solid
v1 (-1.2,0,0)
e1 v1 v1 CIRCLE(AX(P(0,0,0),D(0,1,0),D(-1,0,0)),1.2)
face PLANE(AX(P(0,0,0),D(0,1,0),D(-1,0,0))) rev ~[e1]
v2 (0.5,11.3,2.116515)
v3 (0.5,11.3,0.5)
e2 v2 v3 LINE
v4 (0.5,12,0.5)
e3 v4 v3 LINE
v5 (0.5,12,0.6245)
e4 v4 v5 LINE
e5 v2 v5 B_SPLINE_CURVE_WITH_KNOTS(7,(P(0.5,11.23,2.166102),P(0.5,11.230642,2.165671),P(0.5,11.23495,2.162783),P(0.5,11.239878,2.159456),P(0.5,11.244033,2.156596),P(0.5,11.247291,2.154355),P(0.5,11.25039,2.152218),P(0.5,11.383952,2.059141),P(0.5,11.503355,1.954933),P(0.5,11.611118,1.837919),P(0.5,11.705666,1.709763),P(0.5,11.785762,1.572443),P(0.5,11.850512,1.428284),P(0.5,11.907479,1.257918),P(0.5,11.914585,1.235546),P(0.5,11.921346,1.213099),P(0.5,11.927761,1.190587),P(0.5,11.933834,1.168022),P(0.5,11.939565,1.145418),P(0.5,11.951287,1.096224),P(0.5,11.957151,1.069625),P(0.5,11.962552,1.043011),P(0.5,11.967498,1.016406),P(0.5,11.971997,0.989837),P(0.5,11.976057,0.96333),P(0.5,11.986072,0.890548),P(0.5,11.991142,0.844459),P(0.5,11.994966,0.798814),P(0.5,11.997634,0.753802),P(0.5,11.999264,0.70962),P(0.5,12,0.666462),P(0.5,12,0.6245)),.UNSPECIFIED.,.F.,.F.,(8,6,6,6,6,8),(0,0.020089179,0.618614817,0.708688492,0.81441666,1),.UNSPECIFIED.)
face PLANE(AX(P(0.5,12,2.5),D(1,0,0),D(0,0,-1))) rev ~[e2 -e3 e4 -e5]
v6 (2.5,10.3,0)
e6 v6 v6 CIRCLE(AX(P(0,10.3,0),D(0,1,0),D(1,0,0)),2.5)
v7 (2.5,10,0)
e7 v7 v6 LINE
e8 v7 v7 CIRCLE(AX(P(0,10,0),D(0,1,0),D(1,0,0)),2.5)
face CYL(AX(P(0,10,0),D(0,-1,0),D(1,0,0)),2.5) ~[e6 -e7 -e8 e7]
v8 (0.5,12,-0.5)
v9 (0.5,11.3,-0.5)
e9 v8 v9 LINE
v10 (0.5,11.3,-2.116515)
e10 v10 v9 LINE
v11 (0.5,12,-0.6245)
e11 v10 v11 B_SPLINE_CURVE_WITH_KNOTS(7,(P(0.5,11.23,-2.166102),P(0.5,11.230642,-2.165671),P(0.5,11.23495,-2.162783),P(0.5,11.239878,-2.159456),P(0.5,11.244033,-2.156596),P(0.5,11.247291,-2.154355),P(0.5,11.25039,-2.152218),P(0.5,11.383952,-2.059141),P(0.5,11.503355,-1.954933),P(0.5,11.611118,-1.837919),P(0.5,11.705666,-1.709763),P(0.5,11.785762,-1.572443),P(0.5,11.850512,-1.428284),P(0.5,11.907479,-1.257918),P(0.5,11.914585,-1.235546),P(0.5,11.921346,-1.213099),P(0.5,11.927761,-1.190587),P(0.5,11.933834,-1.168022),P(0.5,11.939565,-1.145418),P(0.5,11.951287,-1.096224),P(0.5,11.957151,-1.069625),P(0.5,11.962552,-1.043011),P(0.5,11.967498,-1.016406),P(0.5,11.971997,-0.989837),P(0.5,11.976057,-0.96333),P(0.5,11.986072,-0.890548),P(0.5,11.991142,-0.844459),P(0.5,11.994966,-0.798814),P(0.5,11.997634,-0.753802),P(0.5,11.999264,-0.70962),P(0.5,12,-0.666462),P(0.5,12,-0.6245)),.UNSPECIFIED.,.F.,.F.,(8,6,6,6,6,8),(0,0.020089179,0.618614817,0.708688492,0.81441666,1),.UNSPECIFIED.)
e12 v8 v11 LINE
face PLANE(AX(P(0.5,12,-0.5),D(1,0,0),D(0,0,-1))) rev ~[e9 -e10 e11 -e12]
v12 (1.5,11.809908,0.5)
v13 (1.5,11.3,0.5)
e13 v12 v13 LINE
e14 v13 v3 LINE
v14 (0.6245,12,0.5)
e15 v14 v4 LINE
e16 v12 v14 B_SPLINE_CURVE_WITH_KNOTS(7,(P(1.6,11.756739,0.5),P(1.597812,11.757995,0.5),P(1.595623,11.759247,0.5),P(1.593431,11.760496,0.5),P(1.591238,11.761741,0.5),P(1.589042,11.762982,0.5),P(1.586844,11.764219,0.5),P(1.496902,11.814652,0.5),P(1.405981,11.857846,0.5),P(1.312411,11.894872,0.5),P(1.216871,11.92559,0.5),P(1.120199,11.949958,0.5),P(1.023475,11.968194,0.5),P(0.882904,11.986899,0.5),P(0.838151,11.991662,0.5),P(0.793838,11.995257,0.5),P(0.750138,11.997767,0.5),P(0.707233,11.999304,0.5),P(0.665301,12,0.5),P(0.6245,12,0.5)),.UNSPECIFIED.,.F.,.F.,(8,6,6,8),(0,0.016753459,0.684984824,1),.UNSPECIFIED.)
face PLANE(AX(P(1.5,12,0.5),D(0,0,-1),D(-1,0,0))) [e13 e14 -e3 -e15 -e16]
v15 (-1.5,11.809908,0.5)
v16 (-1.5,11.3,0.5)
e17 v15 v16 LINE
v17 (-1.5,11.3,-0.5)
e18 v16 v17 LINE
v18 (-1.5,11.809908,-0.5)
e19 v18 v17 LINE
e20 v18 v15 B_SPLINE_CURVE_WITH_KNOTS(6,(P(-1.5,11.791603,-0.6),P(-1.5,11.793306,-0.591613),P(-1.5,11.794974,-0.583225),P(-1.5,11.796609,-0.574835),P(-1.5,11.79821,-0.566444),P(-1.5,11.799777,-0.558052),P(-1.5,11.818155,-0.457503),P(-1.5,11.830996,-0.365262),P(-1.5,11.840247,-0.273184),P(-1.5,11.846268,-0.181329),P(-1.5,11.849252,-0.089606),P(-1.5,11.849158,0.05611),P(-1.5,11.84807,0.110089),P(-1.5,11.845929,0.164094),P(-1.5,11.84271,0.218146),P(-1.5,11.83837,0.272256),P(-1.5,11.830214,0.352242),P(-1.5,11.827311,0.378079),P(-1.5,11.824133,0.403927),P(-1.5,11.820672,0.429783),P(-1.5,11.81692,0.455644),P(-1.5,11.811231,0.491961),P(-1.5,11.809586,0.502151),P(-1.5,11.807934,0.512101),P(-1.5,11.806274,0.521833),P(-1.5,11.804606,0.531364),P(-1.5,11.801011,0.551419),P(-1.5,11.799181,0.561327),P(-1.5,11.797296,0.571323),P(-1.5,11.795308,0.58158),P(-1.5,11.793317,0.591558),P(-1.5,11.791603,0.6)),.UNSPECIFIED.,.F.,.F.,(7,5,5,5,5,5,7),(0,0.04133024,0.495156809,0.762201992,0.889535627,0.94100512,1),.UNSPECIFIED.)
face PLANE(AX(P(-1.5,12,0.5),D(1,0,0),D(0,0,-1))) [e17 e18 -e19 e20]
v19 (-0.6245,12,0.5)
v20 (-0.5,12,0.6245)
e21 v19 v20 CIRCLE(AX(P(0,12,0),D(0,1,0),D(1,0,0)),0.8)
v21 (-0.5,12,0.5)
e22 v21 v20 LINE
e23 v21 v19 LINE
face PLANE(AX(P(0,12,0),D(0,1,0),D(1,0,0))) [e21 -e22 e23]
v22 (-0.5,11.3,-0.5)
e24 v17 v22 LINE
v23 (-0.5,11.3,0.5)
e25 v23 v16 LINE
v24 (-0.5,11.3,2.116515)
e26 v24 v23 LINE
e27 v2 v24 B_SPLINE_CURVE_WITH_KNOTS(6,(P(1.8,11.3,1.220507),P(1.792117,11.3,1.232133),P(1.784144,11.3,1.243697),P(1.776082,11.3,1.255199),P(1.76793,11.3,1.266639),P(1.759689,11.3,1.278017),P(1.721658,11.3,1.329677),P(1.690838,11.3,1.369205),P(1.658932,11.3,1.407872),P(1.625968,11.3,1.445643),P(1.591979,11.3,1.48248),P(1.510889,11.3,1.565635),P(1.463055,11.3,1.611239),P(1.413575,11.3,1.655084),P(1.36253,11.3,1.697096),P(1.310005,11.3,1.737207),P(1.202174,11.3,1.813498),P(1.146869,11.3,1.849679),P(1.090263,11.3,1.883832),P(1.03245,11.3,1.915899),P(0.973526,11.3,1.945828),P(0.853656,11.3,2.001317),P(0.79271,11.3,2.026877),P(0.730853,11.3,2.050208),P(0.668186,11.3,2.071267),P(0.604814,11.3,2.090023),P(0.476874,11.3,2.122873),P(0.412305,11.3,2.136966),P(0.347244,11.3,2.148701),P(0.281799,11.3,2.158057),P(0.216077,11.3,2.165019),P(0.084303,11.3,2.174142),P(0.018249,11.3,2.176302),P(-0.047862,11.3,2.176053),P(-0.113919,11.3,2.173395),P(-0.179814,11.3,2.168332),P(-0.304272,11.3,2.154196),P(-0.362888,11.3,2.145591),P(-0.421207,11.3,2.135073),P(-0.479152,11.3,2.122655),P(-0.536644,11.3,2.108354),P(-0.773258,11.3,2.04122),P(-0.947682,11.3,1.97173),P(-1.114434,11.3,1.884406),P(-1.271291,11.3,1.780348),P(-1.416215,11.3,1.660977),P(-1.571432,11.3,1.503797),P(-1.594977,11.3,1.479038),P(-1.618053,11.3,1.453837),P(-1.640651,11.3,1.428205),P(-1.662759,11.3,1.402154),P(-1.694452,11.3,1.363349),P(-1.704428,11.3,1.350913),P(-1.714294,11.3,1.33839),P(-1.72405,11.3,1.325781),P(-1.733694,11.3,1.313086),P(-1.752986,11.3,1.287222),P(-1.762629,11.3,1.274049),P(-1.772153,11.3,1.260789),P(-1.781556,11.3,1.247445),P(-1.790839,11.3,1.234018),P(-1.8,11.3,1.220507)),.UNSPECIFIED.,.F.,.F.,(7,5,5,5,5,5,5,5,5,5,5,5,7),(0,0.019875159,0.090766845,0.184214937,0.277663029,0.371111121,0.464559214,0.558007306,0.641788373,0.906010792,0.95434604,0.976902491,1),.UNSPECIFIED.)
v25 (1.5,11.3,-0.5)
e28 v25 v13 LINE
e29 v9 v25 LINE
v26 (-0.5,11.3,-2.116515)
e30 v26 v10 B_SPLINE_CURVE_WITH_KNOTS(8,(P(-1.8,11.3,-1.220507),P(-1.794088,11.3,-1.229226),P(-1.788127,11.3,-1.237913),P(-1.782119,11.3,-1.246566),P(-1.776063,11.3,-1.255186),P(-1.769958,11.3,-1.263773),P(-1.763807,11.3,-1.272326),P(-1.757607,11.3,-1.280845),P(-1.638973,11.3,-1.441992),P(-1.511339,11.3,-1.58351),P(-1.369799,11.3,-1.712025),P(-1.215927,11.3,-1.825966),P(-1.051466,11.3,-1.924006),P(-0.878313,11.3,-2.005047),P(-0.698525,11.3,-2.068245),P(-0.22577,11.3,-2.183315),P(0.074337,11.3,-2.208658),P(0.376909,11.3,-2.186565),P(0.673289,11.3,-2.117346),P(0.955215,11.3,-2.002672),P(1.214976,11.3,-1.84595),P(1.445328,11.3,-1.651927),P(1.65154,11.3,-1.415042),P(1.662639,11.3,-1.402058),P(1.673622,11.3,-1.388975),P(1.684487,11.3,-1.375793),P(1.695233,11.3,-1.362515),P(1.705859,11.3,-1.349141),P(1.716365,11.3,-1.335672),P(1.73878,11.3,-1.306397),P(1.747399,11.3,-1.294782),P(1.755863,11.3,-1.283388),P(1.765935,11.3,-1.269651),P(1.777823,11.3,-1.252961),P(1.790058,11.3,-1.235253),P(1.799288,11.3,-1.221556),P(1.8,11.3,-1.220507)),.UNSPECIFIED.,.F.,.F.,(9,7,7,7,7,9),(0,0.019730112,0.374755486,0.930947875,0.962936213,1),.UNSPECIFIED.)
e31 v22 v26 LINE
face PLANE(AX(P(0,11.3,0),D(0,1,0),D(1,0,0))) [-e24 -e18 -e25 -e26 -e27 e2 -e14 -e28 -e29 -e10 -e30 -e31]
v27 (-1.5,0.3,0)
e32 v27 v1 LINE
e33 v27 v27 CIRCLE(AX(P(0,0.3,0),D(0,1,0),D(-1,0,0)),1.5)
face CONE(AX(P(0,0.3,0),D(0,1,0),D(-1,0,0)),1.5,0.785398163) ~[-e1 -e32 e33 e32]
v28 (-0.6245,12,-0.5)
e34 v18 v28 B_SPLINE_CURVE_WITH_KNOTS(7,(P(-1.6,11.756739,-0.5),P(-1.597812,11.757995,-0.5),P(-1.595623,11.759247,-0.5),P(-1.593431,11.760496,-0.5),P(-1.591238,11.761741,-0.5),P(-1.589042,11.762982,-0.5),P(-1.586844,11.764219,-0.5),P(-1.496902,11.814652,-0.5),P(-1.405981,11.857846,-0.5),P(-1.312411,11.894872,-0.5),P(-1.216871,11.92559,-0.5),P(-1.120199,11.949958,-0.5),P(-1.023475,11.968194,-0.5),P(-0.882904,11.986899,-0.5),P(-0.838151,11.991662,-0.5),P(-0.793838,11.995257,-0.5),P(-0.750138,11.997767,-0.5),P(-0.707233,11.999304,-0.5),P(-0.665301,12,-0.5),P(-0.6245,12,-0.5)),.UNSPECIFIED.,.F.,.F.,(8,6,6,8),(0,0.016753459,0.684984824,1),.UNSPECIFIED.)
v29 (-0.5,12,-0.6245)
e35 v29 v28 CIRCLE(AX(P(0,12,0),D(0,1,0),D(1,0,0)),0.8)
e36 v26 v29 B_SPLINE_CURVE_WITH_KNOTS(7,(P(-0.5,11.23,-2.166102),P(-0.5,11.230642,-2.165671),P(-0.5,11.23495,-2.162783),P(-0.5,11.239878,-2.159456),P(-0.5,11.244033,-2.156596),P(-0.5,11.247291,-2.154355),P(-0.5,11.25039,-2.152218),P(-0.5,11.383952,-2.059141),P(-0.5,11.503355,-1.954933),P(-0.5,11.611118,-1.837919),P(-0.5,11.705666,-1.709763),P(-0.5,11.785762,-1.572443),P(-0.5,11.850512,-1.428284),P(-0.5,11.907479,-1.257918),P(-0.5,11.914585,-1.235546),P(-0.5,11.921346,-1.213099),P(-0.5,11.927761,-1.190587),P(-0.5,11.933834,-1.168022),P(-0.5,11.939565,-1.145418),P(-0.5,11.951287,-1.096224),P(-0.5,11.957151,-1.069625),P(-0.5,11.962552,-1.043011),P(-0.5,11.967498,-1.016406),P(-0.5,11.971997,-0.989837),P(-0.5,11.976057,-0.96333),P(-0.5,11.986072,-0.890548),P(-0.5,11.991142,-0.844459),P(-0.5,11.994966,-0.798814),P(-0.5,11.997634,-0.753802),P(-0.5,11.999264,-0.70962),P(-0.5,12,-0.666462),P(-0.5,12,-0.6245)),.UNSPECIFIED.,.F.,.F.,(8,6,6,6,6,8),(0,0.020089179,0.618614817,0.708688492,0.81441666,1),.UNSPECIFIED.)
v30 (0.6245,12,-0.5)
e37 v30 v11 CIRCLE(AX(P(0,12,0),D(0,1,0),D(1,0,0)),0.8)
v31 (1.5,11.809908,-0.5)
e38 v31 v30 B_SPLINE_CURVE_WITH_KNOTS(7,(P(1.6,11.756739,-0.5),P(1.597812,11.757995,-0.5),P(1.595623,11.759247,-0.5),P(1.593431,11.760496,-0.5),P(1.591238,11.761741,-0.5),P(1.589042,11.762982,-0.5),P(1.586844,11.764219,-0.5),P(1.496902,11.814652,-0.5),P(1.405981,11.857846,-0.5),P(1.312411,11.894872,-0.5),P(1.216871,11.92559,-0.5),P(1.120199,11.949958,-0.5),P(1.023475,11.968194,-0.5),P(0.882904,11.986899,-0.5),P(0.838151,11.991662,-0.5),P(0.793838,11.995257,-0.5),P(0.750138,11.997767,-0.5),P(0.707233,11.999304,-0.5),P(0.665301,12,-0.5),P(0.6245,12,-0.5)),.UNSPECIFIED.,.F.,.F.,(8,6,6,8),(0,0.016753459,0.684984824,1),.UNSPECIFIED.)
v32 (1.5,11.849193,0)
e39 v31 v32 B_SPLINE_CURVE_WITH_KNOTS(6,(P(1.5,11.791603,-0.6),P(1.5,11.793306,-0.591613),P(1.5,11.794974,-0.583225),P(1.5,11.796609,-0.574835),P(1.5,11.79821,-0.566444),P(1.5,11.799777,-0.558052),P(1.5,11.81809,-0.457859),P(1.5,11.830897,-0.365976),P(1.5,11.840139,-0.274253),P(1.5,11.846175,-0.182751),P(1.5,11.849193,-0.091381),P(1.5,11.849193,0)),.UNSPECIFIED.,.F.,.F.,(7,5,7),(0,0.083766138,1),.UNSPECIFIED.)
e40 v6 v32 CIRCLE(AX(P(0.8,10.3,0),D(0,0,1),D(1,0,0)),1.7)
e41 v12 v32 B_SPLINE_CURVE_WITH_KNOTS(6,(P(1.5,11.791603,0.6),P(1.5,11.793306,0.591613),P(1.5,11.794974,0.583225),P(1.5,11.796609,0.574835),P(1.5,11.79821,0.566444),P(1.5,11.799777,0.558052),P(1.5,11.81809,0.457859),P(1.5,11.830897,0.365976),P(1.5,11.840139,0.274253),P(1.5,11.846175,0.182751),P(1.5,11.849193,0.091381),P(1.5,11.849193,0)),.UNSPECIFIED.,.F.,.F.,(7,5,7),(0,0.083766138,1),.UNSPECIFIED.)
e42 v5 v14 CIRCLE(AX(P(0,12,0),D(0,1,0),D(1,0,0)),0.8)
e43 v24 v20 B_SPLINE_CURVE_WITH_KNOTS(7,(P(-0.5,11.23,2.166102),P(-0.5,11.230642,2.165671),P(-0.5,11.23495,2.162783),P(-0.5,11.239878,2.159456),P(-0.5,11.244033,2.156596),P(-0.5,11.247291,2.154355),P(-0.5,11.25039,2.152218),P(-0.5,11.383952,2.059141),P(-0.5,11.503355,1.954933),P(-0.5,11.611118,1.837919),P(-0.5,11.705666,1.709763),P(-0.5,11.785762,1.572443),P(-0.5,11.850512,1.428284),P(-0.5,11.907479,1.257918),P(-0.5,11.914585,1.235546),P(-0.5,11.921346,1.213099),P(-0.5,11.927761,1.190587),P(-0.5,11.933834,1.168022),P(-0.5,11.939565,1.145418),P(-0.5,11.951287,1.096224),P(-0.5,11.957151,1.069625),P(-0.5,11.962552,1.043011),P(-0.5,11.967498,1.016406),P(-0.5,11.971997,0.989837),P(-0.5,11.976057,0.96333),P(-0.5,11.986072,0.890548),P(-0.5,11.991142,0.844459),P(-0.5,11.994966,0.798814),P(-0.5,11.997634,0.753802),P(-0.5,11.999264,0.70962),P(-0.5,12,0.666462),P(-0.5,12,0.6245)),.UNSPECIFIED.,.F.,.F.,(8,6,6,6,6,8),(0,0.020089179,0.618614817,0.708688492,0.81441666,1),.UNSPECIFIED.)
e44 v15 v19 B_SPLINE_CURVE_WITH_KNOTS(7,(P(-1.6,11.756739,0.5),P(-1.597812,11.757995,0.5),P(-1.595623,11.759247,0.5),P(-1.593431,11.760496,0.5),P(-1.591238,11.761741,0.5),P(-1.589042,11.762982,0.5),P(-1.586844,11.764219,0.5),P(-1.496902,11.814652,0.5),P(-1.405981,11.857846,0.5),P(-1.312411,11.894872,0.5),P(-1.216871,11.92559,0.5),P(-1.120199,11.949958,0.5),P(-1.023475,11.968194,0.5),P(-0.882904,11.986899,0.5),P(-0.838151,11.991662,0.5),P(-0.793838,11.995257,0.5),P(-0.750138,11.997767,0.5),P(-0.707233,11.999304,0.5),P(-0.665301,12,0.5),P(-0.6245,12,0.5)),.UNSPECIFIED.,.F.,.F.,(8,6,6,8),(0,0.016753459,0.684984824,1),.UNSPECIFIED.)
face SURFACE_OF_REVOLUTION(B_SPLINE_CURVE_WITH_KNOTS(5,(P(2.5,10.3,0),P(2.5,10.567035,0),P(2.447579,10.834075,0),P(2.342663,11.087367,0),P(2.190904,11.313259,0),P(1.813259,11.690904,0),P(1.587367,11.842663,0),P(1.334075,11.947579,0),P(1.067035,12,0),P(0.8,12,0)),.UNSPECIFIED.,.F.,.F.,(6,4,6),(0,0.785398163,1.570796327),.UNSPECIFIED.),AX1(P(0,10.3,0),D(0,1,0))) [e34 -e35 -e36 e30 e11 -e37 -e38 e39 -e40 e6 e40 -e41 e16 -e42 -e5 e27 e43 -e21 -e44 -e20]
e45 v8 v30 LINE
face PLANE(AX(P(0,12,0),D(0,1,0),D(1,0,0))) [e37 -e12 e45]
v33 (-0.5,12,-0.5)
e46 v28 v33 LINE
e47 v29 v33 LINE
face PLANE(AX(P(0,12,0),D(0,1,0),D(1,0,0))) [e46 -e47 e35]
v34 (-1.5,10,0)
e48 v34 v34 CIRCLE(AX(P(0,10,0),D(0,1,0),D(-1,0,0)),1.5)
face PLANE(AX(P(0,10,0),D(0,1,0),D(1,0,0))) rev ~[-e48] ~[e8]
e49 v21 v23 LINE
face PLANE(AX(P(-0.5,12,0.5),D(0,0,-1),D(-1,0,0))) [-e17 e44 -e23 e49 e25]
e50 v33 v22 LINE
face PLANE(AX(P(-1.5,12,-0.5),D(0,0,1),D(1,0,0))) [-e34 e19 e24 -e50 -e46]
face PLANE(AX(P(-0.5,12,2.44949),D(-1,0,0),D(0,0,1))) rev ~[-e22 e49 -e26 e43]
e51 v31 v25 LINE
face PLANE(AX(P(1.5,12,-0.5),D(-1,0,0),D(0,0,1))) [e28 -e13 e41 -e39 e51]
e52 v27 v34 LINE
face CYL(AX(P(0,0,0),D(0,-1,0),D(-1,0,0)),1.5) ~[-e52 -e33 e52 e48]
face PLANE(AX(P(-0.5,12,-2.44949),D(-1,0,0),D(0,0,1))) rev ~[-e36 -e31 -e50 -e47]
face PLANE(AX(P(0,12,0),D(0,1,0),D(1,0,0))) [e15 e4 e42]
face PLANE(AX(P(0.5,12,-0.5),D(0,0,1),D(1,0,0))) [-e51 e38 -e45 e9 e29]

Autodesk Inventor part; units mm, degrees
ref_plane "YZ Plane" through (0, 0, 0) normal (1, 0, 0) x (0, 1, 0)
ref_plane "XZ Plane" through (0, 0, 0) normal (0, 1, 0) x (-1, 0, 0)
ref_plane "XY Plane" through (0, 0, 0) normal (0, 0, 1) x (1, 0, 0)
sketch "Sketch1" plane through (0, 0, 0) normal (0, 1, 0) x (-1, 0, 0)
  circle A0 centre (0, 0) radius 1.5
  dimension "d0" = 3
extrude "Extrusion1" add sketch "Sketch1" along normal blind 10
sketch "Sketch2" plane through (0, 10, 0) normal (0, 1, 0) x (1, 0, 0)
  circle A0 centre (0, 0) radius 2.5
  dimension "d3" = 5
extrude "Extrusion2" add sketch "Sketch2" along normal blind 2
fillet "Fillet1" radius 1.7 1 edges at (-2.5, 12, 0)
chamfer "Chamfer1" distance 0.3 angle 45 1 edges at (1.5, 0, 0)
thread "Thread1" size "M3x0.5" class "6g" standard "ANSI Metric M Profile" full length
sketch "Sketch3" plane through (0, 12, 0) normal (0, 1, 0) x (1, 0, 0)
  line L0 (0.5, -2.5) -> (0.5, 2.5)
  line L1 (0.5, 2.5) -> (-0.5, 2.5)
  line L2 (-0.5, 2.5) -> (-0.5, -2.5)
  line L3 (-0.5, -2.5) -> (0.5, -2.5)
  line L4 (0.5, -2.5) -> (-0.5, 2.5) construction
  line L5 (0.5, 2.5) -> (-0.5, -2.5) construction
  line L6 (1.5, -0.5) -> (-1.5, -0.5)
  line L7 (-1.5, -0.5) -> (-1.5, 0.5)
  line L8 (-1.5, 0.5) -> (1.5, 0.5)
  line L9 (1.5, 0.5) -> (1.5, -0.5)
  circle A0 centre (0, 0) radius 2.5 projected
  line L10 (1.5, -0.5) -> (-1.5, 0.5) construction
  line L11 (-1.5, -0.5) -> (1.5, 0.5) construction
  dimension "d12" = 1
  dimension "d13" = 3
  dimension "d14" = 1
extrude "Extrusion3" cut sketch "Sketch3" against normal blind 0.7 contours L3 A0 L0 | A0 L2 L6 L0 | L3 L2 A0 | L6 L2 L8 L0 | L0 L8 L9 L6 | L8 L2 A0 L0 | L6 L7 L8 L2 | A0 L1 L0 | L2 L1 A0
properties part number "M3x10 Screw Nylon" material "Nylon 6"
